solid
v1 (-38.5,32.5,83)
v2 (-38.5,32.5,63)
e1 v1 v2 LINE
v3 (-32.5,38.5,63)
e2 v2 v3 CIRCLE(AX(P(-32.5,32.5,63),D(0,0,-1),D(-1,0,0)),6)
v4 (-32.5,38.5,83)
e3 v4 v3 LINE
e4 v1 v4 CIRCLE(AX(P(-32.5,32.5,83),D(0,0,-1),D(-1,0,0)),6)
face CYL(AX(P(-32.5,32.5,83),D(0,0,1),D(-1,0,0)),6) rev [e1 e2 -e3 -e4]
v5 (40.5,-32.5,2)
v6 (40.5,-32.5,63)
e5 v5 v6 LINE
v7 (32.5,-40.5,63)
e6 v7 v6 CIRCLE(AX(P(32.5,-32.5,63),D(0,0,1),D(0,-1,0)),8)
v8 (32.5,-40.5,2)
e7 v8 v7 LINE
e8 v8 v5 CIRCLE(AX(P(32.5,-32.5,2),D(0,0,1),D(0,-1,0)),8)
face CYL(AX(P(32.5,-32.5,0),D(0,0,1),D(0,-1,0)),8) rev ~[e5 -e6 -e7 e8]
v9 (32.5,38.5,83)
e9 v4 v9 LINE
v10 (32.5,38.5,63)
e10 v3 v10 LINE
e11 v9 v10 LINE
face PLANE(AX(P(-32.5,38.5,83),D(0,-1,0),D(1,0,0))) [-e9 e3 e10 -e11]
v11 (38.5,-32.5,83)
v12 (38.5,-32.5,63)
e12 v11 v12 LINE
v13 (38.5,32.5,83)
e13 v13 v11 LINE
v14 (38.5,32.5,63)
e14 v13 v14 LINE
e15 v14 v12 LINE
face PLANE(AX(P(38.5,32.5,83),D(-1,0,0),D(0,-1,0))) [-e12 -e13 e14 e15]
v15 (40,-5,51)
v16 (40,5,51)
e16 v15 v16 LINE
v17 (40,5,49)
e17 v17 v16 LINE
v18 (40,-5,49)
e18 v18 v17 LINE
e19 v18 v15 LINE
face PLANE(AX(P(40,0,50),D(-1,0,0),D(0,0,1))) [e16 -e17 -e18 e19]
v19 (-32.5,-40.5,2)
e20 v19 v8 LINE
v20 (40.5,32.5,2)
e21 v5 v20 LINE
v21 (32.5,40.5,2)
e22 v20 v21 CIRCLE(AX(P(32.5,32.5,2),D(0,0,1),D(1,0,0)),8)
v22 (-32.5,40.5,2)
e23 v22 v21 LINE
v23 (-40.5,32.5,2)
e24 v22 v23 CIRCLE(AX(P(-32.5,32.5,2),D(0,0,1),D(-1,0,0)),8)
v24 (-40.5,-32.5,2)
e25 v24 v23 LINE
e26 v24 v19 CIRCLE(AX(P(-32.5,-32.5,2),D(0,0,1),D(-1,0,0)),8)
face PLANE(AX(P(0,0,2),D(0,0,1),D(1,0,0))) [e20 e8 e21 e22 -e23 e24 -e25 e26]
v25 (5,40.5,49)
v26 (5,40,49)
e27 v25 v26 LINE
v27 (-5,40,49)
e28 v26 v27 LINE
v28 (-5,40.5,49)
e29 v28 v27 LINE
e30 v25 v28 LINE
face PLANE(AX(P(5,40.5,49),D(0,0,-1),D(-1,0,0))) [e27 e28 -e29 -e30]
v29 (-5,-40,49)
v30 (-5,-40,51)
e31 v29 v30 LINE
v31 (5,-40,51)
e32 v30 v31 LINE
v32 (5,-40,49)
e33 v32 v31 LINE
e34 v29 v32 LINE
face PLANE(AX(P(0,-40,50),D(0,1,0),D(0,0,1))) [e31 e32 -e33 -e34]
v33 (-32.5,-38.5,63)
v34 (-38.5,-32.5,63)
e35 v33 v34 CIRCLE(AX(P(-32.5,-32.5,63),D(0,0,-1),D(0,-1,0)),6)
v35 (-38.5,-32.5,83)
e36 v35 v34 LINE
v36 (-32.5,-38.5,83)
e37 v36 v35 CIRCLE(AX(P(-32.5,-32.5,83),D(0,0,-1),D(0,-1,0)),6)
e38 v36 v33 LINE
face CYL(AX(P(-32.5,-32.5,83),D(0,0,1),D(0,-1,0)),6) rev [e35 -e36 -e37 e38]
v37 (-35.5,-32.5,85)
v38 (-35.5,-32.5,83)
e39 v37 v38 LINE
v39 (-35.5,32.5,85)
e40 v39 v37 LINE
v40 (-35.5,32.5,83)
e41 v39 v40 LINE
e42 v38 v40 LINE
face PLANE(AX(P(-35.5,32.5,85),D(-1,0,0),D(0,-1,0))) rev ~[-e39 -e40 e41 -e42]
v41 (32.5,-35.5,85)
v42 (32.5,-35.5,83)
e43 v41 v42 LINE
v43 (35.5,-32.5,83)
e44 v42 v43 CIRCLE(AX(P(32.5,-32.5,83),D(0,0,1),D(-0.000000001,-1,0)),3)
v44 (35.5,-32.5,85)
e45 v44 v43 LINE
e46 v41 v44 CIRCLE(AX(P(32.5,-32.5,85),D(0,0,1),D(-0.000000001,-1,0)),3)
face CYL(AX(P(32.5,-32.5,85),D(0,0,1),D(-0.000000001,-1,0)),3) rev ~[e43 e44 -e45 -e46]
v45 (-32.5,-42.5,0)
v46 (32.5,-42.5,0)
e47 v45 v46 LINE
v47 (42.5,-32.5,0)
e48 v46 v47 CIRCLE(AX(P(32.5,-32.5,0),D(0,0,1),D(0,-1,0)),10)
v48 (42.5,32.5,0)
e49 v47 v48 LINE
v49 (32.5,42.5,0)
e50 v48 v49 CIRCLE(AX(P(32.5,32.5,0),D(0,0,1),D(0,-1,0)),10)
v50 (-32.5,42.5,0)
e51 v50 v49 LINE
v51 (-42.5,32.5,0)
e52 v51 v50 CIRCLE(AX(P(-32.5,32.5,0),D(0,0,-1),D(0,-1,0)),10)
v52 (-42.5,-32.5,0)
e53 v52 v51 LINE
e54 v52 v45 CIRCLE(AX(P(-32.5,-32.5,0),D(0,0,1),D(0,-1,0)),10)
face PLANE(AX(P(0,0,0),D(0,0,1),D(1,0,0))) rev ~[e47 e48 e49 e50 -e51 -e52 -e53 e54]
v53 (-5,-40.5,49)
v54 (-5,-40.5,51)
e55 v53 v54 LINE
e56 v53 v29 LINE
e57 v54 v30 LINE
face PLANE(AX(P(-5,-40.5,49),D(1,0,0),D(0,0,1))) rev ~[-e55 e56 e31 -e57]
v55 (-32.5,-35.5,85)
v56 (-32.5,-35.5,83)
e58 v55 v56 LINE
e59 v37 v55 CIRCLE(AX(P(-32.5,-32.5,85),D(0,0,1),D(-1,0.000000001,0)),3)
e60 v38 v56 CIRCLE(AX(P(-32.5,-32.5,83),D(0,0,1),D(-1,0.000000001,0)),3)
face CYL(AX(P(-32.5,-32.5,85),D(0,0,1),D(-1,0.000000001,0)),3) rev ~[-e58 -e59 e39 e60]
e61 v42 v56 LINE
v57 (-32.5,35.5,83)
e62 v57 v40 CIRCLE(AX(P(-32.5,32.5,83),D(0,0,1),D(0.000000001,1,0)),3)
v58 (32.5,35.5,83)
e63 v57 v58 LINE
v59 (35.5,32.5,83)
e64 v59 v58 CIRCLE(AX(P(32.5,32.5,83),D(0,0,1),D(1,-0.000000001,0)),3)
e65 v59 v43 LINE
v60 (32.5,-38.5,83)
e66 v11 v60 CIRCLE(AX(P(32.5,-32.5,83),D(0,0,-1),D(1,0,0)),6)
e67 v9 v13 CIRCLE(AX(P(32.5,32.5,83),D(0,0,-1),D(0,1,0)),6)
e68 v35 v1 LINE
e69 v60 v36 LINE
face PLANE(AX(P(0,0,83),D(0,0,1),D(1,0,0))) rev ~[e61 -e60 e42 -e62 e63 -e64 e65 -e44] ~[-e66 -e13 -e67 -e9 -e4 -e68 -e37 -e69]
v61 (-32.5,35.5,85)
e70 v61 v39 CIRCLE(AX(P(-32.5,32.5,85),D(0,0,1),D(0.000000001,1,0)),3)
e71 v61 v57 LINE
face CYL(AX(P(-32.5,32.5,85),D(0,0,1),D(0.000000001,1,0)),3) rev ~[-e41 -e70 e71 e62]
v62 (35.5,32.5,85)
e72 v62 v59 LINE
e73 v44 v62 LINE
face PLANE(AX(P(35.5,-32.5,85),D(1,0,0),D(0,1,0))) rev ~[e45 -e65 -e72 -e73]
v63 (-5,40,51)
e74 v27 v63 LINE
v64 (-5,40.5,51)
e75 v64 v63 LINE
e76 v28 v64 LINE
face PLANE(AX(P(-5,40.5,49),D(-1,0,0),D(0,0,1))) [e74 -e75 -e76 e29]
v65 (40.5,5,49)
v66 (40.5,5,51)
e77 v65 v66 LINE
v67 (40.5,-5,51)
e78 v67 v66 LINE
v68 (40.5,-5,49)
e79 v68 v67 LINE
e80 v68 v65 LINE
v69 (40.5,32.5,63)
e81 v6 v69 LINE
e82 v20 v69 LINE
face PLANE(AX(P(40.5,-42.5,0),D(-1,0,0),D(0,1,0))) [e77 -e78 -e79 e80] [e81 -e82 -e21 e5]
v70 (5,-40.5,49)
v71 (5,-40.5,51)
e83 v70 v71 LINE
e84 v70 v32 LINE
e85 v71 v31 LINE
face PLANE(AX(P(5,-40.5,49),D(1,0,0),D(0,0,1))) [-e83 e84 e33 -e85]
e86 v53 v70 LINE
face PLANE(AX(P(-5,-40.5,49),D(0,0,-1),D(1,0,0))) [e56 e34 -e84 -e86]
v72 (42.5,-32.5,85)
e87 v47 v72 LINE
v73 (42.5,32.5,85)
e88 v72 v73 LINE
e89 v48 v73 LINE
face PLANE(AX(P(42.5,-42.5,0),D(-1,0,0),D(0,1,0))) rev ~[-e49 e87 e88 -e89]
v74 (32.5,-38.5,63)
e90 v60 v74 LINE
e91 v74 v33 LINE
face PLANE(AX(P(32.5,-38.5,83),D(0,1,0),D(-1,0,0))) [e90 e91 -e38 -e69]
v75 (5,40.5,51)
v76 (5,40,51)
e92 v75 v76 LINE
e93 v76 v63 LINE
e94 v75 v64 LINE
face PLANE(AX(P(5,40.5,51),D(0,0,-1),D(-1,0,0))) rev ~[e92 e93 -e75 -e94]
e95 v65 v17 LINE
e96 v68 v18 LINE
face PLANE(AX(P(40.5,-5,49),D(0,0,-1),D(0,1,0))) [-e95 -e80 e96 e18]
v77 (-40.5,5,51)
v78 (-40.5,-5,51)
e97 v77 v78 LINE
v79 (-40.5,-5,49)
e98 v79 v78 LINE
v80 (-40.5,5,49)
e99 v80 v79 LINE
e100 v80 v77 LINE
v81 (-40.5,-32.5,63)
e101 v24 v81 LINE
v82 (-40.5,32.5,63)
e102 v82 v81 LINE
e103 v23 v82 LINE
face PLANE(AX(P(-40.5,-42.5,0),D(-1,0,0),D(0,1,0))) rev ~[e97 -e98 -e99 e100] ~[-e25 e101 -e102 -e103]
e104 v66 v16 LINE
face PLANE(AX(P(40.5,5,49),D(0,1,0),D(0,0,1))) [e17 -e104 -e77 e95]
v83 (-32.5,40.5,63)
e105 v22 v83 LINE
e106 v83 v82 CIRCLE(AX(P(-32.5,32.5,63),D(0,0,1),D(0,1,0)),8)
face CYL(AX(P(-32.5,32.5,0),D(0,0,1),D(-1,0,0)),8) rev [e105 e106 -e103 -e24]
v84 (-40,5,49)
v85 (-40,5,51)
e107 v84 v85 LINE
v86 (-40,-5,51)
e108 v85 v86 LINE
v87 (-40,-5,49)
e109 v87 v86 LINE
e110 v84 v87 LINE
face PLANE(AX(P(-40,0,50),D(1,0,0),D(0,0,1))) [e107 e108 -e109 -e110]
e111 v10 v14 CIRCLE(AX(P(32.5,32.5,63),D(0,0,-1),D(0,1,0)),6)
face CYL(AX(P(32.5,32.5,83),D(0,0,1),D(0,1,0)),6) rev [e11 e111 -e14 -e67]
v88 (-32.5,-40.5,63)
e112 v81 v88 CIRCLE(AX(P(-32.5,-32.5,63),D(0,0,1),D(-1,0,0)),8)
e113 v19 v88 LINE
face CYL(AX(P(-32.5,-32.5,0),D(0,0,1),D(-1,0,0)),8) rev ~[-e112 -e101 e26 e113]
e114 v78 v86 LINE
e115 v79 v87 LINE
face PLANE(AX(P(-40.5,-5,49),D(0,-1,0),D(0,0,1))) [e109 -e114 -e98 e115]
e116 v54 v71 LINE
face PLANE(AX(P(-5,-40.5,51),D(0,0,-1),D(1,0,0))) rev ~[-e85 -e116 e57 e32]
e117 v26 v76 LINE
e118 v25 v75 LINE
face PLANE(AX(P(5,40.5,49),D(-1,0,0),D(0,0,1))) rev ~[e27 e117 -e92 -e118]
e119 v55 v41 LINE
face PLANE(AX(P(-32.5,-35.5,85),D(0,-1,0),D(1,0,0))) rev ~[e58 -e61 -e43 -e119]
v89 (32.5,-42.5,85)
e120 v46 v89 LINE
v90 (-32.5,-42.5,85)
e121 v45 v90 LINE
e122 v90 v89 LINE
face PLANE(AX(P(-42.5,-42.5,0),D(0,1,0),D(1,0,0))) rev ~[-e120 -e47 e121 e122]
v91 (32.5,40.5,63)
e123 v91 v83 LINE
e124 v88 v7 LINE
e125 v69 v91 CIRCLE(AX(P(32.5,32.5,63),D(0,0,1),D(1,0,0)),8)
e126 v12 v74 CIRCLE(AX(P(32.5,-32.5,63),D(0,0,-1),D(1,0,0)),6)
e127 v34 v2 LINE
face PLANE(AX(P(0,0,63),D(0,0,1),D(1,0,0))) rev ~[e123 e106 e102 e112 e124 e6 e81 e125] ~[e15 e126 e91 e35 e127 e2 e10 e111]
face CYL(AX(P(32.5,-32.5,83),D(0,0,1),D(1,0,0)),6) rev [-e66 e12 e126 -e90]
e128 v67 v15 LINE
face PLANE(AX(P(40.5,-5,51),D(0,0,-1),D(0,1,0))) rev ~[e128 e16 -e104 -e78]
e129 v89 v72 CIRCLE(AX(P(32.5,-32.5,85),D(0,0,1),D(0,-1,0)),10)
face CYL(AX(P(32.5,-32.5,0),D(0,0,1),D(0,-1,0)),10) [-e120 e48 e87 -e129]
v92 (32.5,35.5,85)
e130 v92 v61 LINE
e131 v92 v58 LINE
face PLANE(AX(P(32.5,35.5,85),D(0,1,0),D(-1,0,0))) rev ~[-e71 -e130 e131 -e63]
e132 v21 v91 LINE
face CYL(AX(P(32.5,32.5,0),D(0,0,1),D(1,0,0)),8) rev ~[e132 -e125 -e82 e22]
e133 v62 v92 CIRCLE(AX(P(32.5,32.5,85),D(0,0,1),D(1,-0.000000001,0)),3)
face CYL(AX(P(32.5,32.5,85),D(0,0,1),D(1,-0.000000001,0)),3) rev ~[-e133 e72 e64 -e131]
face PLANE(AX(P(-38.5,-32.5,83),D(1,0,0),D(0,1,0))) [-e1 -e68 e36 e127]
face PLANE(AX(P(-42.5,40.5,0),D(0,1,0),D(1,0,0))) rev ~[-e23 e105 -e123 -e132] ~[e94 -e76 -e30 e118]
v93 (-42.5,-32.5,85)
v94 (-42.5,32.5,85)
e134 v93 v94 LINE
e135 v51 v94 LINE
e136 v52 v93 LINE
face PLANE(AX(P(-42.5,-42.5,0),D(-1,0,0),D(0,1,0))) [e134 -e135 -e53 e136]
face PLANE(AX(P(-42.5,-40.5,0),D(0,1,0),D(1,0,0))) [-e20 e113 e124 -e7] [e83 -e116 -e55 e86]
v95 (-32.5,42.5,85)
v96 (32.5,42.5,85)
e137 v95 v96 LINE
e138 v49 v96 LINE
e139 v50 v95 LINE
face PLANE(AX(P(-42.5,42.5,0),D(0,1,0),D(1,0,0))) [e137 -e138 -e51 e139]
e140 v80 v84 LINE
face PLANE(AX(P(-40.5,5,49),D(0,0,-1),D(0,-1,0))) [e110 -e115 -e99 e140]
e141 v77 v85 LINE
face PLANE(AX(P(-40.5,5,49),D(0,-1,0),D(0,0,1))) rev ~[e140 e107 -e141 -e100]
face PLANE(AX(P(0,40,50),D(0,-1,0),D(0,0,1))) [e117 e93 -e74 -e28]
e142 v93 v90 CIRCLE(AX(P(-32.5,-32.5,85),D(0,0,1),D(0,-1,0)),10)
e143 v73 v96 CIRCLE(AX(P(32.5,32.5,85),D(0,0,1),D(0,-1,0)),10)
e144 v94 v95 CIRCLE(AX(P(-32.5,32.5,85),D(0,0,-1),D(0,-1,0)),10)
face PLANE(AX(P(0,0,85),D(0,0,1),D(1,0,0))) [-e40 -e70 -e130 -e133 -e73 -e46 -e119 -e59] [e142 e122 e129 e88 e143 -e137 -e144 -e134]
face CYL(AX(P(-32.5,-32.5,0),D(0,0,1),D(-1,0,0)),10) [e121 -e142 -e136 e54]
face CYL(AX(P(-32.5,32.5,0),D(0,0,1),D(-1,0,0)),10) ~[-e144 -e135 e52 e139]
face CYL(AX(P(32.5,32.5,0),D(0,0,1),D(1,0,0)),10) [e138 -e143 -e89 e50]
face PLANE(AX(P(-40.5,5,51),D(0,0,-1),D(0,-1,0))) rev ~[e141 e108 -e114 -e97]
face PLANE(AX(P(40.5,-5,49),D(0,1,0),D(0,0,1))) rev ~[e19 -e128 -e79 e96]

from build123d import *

# Parameters (mm, degrees)
SKETCH1_W           = 85
SKETCH1_H           = 85
BOSS_EXTRUDE1_DEPTH = 85
FILLET1_R           = 10
SHELL1_T            = 2
CUT_EXTRUDE1_REACH  = 106.103
BOSS_EXTRUDE2_DEPTH = 20
SKETCH4_W           = 2
SKETCH4_H           = 10
BOSS_EXTRUDE3_DEPTH = 0.5
CIRPATTERN1_COUNT   = 4


with BuildPart() as part:
    # Sketch1 → Boss-Extrude1 (new body)
    with BuildSketch(Plane.XY):
        Rectangle(SKETCH1_W, SKETCH1_H)
    extrude(amount=BOSS_EXTRUDE1_DEPTH)

    # Fillet1
    fillet1_edges = [part.edges().sort_by_distance(p)[0] for p in [
        (-42.5, 42.5, 42.5),
        (-42.5, -42.5, 42.5),
        (42.5, -42.5, 42.5),
        (42.5, 42.5, 42.5),
    ]]
    fillet(fillet1_edges, radius=FILLET1_R)

    # Shell1 (no face opened: a closed hollow body)
    add(offset(amount=-SHELL1_T, mode=Mode.PRIVATE), mode=Mode.SUBTRACT)

    # Sketch2 → Cut-Extrude1 (cut, up to next)
    with BuildSketch(Plane.XY.offset(85), mode=Mode.PRIVATE) as cut_extrude1_sk1:
        with BuildLine():
            Line((32.5, 35.5), (-32.5, 35.5))
            ThreePointArc((-32.5, 35.5), (-34.621320344, 34.621320344), (-35.5, 32.5))
            Line((-35.5, 32.5), (-35.5, -32.5))
            ThreePointArc((-35.5, -32.5), (-34.621320344, -34.621320344), (-32.5, -35.5))
            Line((-32.5, -35.5), (32.5, -35.5))
            ThreePointArc((32.5, -35.5), (34.621320344, -34.621320344), (35.5, -32.5))
            Line((35.5, -32.5), (35.5, 32.5))
            ThreePointArc((35.5, 32.5), (34.621320344, 34.621320344), (32.5, 35.5))
        make_face()
    cut_extrude1_tool1 = extrude(cut_extrude1_sk1.sketch, amount=-CUT_EXTRUDE1_REACH, mode=Mode.PRIVATE) & part.part
    add(cut_extrude1_tool1.solids().sort_by_distance((0, 0, 85))[0], mode=Mode.SUBTRACT)

    # Sketch3 → Boss-Extrude2 (add)
    with BuildSketch(Plane(origin=(0, 0, 83), x_dir=(-1, 0, 0), z_dir=(0, 0, -1))):
        with BuildLine():
            Line((-32.5, 40.5), (32.5, 40.5))
            ThreePointArc((32.5, 40.5), (38.156854249, 38.156854249), (40.5, 32.5))
            Line((40.5, 32.5), (40.5, -32.5))
            ThreePointArc((40.5, -32.5), (38.156854249, -38.156854249), (32.5, -40.5))
            Line((32.5, -40.5), (-32.5, -40.5))
            ThreePointArc((-32.5, -40.5), (-38.156854249, -38.156854249), (-40.5, -32.5))
            Line((-40.5, -32.5), (-40.5, 32.5))
            ThreePointArc((-40.5, 32.5), (-38.156854249, 38.156854249), (-32.5, 40.5))
        make_face()
        with BuildLine():
            Line((38.5, -32.5), (38.5, 32.5))
            ThreePointArc((38.5, 32.5), (36.742640687, 36.742640687), (32.5, 38.5))
            Line((32.5, 38.5), (-32.5, 38.5))
            ThreePointArc((-32.5, 38.5), (-36.742640687, 36.742640687), (-38.5, 32.5))
            Line((-38.5, 32.5), (-38.5, -32.5))
            ThreePointArc((-38.5, -32.5), (-36.742640687, -36.742640687), (-32.5, -38.5))
            Line((-32.5, -38.5), (32.5, -38.5))
            ThreePointArc((32.5, -38.5), (36.742640687, -36.742640687), (38.5, -32.5))
        make_face(mode=Mode.SUBTRACT)
    extrude(amount=BOSS_EXTRUDE2_DEPTH)

    # Sketch4 → Boss-Extrude3 (add)
    with BuildSketch(Plane.ZY.offset(-40.5)):
        with Locations((50, 0)):
            Rectangle(SKETCH4_W, SKETCH4_H)
    boss_extrude3 = extrude(amount=BOSS_EXTRUDE3_DEPTH)

    # CirPattern1: Boss-Extrude3 ×4 about axis
    cirpattern1_axis = Axis((0, 0, -4.25), (0, 0, 1))
    for i in range(1, CIRPATTERN1_COUNT):
        add(boss_extrude3.rotate(cirpattern1_axis, i * 360 / CIRPATTERN1_COUNT))


solid = part.part
